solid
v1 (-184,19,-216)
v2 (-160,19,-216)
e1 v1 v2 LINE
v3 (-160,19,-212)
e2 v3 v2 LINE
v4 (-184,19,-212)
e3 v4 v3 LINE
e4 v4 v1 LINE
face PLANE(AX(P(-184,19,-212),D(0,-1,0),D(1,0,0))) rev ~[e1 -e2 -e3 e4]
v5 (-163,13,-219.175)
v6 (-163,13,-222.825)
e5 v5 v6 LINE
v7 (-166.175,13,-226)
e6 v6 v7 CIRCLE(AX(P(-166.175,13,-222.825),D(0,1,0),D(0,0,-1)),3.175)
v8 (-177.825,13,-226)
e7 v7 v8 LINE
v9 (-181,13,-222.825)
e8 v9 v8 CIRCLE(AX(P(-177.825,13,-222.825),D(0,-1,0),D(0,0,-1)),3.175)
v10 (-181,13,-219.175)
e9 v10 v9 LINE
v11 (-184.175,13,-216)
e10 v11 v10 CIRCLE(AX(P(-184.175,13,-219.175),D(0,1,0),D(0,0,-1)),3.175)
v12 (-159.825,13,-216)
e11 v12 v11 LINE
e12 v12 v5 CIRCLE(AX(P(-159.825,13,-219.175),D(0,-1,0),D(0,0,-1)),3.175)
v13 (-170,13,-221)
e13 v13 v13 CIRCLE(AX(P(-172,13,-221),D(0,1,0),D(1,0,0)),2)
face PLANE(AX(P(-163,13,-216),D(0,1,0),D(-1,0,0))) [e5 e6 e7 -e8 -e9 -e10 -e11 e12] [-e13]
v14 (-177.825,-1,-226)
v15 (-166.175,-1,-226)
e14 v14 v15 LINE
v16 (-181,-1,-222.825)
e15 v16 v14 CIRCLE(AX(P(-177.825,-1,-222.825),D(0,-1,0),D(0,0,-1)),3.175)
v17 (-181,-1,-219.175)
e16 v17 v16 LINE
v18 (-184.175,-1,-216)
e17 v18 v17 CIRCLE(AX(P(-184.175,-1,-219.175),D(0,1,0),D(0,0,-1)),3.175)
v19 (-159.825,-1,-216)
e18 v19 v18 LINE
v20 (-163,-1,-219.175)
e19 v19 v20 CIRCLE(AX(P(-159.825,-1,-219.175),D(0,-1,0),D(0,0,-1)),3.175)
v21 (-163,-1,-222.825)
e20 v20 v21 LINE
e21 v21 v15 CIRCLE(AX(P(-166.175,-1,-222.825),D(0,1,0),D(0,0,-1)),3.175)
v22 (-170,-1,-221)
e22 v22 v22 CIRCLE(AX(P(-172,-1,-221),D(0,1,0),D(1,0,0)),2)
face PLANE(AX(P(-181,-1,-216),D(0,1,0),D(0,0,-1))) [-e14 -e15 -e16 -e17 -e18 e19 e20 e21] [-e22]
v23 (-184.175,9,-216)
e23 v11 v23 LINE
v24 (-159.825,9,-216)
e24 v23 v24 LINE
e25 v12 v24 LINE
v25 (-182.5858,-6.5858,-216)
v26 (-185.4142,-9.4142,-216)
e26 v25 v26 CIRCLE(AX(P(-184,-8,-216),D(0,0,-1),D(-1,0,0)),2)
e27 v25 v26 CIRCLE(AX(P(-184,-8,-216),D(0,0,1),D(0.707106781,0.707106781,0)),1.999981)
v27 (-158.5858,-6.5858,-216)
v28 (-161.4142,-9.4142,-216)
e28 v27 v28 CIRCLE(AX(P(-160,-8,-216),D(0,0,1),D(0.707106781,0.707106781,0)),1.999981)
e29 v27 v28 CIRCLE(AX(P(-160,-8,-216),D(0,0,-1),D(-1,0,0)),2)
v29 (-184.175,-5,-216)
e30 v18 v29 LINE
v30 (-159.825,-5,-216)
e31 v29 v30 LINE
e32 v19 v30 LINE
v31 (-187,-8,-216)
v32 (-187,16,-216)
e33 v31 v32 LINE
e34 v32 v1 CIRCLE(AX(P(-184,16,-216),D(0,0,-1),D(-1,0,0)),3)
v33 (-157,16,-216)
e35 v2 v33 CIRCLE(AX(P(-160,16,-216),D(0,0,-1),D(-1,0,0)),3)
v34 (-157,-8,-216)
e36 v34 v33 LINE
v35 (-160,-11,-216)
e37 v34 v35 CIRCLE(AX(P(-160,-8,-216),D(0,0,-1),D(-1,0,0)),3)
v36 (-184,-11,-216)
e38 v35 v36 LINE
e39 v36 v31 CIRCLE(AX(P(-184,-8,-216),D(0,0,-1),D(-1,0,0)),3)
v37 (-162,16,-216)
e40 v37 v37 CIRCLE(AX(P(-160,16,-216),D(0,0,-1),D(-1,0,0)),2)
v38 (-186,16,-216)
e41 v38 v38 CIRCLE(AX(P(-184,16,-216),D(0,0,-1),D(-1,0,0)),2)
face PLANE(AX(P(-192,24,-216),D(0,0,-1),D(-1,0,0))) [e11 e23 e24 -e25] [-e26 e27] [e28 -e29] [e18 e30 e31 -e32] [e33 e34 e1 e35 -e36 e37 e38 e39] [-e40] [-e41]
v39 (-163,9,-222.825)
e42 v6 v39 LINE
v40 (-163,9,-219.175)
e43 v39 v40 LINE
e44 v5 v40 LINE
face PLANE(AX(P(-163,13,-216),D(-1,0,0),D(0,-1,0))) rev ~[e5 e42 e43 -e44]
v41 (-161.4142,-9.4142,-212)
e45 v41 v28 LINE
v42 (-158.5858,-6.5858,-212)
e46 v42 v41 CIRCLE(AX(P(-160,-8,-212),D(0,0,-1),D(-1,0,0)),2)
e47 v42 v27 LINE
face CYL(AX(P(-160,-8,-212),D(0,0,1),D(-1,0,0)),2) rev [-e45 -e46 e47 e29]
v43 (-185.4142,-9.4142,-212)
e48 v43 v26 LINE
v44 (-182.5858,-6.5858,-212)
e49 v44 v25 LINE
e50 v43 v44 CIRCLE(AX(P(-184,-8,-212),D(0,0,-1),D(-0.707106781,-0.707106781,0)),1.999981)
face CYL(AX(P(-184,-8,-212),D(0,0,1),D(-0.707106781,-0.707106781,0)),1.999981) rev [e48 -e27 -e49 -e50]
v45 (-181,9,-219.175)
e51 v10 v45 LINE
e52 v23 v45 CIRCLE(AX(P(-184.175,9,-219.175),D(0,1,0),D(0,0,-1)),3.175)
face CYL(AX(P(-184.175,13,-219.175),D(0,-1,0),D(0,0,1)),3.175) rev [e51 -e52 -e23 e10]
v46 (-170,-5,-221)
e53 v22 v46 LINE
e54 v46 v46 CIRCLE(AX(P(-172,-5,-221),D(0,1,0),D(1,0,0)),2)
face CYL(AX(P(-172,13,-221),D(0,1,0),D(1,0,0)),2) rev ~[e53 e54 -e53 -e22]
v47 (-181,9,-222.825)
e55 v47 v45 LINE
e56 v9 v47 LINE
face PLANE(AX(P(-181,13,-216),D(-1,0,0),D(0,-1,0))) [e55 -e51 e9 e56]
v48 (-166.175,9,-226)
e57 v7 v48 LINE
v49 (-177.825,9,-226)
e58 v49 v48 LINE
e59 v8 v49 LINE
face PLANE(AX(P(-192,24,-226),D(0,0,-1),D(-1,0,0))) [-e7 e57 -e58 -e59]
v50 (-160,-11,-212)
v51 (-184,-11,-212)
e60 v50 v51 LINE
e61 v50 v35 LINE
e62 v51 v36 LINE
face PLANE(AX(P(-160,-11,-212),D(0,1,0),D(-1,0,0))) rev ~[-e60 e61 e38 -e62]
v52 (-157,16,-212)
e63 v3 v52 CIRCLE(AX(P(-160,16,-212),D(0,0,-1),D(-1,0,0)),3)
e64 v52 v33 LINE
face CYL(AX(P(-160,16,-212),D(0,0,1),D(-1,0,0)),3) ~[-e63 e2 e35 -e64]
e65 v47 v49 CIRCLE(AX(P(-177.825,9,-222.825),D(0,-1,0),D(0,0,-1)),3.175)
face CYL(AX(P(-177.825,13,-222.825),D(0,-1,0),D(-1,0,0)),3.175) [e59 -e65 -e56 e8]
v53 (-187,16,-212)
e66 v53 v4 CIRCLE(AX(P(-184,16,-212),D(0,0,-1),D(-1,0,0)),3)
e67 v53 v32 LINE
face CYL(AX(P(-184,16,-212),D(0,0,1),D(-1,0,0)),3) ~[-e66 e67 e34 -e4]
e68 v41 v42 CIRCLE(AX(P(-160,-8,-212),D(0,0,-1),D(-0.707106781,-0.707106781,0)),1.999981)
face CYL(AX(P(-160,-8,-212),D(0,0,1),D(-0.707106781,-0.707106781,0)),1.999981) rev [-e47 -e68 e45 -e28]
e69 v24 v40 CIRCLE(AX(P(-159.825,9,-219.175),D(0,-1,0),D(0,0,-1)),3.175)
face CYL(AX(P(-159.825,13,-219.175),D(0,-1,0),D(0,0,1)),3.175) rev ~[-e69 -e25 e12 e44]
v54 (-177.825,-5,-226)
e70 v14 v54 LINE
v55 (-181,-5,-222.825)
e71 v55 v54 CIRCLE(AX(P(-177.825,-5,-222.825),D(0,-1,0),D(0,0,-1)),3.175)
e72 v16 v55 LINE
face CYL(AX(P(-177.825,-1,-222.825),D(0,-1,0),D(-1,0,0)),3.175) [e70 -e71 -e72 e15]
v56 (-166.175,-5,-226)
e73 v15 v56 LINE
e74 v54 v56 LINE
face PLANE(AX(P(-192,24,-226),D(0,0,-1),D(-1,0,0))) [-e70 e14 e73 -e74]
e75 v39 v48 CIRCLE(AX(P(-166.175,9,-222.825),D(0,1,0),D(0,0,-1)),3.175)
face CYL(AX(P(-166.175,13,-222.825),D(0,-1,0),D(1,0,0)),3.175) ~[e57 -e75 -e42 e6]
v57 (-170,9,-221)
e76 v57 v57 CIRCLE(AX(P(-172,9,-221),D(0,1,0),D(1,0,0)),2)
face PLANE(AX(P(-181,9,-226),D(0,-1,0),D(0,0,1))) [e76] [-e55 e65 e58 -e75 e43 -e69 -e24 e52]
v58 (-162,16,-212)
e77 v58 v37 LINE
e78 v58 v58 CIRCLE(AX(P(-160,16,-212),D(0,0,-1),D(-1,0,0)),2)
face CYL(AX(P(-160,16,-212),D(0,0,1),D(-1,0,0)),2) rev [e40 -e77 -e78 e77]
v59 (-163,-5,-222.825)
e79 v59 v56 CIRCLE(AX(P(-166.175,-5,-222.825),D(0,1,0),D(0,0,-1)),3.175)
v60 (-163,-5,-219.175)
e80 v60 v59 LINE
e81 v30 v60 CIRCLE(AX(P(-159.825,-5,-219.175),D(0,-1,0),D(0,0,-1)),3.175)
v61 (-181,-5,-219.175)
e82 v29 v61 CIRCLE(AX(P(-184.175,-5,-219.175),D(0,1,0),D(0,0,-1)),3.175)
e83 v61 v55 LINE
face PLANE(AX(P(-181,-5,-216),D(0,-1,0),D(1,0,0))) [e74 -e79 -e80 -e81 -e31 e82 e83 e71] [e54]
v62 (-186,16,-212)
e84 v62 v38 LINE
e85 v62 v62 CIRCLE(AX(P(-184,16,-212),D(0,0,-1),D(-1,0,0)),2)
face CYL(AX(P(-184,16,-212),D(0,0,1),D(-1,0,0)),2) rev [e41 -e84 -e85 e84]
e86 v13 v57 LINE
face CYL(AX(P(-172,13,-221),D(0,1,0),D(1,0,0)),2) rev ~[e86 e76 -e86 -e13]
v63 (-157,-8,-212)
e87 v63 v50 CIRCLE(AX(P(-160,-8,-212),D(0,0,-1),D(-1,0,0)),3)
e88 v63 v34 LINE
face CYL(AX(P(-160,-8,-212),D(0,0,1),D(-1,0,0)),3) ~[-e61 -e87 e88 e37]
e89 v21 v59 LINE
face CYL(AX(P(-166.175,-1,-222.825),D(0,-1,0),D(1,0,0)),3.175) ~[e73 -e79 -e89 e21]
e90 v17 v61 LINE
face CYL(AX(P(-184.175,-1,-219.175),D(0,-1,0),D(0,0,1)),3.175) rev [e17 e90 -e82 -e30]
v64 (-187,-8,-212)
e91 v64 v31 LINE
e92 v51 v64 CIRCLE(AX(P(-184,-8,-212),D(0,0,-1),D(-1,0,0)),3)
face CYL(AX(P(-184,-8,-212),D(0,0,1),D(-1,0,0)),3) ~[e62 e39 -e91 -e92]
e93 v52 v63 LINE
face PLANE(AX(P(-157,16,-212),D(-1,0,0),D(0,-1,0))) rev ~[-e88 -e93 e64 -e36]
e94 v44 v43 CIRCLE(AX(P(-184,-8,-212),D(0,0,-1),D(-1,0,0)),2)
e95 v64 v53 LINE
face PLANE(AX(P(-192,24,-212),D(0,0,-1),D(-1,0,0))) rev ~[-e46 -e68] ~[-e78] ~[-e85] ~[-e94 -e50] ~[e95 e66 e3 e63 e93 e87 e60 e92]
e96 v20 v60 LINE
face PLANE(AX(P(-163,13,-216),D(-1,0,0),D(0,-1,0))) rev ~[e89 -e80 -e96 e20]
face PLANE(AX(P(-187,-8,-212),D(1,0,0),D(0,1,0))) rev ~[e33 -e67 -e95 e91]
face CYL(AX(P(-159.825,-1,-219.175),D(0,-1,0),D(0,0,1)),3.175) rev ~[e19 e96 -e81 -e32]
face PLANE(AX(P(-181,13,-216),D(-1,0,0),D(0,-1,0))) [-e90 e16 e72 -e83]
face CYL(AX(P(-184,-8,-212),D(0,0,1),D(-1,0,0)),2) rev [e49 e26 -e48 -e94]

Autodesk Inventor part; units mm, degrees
ref_plane "YZ Plane" through (0, 0, 0) normal (1, 0, 0) x (0, 1, 0)
ref_plane "XZ Plane" through (0, 0, 0) normal (0, 1, 0) x (-1, 0, 0)
ref_plane "XY Plane" through (0, 0, 0) normal (0, 0, 1) x (1, 0, 0)
ref_plane "Work Plane1" through (-192, 24, -212) normal (0, 0, -1) x (-1, 0, 0)
sketch "Sketch1" plane through (-192, 24, -212) normal (0, 0, -1) x (-1, 0, 0)
  circle A0 centre (-32, -8) radius 2 projected
  arc A1 (-30.5858, -33.4142) -> (-33.4142, -30.5858) centre (-32, -32) ccw projected
  arc A2 (-6.5858, -33.4142) -> (-9.4142, -30.5858) centre (-8, -32) ccw projected
  circle A3 centre (-8, -8) radius 2 projected
  circle A4 centre (-32, -32) radius 2
  circle A5 centre (-8, -32) radius 2
  circle A6 centre (-8, -8) radius 2
  circle A7 centre (-32, -8) radius 2
  circle A8 centre (-32, -8) radius 3
  circle A9 centre (-8, -8) radius 3
  circle A10 centre (-8, -32) radius 3
  circle A11 centre (-32, -32) radius 3
  line L0 (-35, -8) -> (-35, -32)
  line L1 (-32, -35) -> (-8, -35)
  line L2 (-5, -32) -> (-5, -8)
  line L3 (-8, -5) -> (-32, -5)
  point P0 (-192, -24)
  point P1 (-9.4142, -30.5858)
  point P2 (-33.4142, -30.5858)
  dimension "d0" = 1
  dimension "d1" = 1
  dimension "d2" = 1
  dimension "d3" = 1
extrude "Extrusion1" add sketch "Sketch1" along normal blind 4
sketch "Sketch2" plane through (-192, 24, -216) normal (0, 0, -1) x (-1, 0, 0)
  line L0 (-35, -8) -> (-35, -32) projected
  line L1 (-5, -32) -> (-5, -8) projected
  line L2 (-5, -32) -> (-5, -8) projected
  line L3 (-35, -11) -> (-5, -11)
  line L4 (-5, -11) -> (-5, -29)
  line L5 (-5, -29) -> (-35, -29)
  line L6 (-35, -29) -> (-35, -11)
  circle A0 centre (-32, -8) radius 2 projected
  circle A1 centre (-8, -8) radius 2 projected
  circle A2 centre (-8, -32) radius 2 projected
  circle A3 centre (-32, -32) radius 2 projected
  line L7 (-29, -11) -> (-29, -29)
  line L8 (-11, -11) -> (-11, -29)
  point P0 (-192, -24)
  dimension "d6" = 3
  dimension "d7" = 3
  dimension "d8" = 3
  dimension "d9" = 3
extrude "Extrusion2" add sketch "Sketch2" along normal blind 10 contours L3 L8 L5 L7
sketch "Sketch3" plane through (-181, -5, -216) normal (-1, 0, 0) x (0, 0, 1)
  line L0 (0, 18) -> (0, 0) projected
  line L1 (0, 18) -> (-10, 18) projected
  line L2 (-10, 0) -> (-10, 18) projected
  line L3 (0, 0) -> (-10, 0) projected
  line L4 (-10, 18) -> (-10, 0) projected
  line L5 (0, 21) -> (0, -3) projected
  line L6 (-10, 14) -> (0, 14)
  line L7 (0, 14) -> (0, 4)
  line L8 (0, 4) -> (-10, 4)
  line L9 (-10, 4) -> (-10, 14)
  point P0 (216, 5)
  point P1 (-10, 4)
  point P2 (0, 4)
  point P3 (0, 14)
  dimension "d12" = 4
  dimension "d13" = 4
extrude "Extrusion3" cut sketch "Sketch3" against normal through all contours L0 L8 L2 L6
fillet "Fillet1" radius 3.175 8 edges at (-181, 11, -226) (-163, 11, -226) (-181, 11, -216) (-163, 11, -216) (-163, -3, -216) (-163, -3, -226) (-181, -3, -226) (-181, -3, -216)
sketch "Sketch4" plane through (-184.175, 13, -216) normal (0, 1, 0) x (1, 0, 0)
  arc A0 (21.175, 6.825) -> (18, 10) centre (18, 6.825) ccw projected
  line L0 (6.35, 10) -> (18, 10) projected
  arc A1 (6.35, 10) -> (3.175, 6.825) centre (6.35, 6.825) ccw projected
  line L1 (3.175, 3.175) -> (3.175, 6.825) projected
  arc A2 (0, 0) -> (3.175, 3.175) centre (0, 3.175) ccw projected
  line L2 (24.35, 0) -> (0, 0) projected
  arc A3 (21.175, 3.175) -> (24.35, 0) centre (24.35, 3.175) ccw projected
  line L3 (21.175, 3.175) -> (21.175, 6.825) projected
  circle A4 centre (12.175, 5) radius 2
  point P0 (184.175, -216)
  dimension "d17" = 4
  dimension "d18" = 18
  dimension "d19" = 9
  dimension "d20" = 10
  dimension "d21" = 5
extrude "Extrusion4" cut sketch "Sketch4" against normal through all contours A4
equation "\"d19\" = 0.5 * d18"
equation "\"d21\" = 0.5 * d20"
properties part number "hinge"
